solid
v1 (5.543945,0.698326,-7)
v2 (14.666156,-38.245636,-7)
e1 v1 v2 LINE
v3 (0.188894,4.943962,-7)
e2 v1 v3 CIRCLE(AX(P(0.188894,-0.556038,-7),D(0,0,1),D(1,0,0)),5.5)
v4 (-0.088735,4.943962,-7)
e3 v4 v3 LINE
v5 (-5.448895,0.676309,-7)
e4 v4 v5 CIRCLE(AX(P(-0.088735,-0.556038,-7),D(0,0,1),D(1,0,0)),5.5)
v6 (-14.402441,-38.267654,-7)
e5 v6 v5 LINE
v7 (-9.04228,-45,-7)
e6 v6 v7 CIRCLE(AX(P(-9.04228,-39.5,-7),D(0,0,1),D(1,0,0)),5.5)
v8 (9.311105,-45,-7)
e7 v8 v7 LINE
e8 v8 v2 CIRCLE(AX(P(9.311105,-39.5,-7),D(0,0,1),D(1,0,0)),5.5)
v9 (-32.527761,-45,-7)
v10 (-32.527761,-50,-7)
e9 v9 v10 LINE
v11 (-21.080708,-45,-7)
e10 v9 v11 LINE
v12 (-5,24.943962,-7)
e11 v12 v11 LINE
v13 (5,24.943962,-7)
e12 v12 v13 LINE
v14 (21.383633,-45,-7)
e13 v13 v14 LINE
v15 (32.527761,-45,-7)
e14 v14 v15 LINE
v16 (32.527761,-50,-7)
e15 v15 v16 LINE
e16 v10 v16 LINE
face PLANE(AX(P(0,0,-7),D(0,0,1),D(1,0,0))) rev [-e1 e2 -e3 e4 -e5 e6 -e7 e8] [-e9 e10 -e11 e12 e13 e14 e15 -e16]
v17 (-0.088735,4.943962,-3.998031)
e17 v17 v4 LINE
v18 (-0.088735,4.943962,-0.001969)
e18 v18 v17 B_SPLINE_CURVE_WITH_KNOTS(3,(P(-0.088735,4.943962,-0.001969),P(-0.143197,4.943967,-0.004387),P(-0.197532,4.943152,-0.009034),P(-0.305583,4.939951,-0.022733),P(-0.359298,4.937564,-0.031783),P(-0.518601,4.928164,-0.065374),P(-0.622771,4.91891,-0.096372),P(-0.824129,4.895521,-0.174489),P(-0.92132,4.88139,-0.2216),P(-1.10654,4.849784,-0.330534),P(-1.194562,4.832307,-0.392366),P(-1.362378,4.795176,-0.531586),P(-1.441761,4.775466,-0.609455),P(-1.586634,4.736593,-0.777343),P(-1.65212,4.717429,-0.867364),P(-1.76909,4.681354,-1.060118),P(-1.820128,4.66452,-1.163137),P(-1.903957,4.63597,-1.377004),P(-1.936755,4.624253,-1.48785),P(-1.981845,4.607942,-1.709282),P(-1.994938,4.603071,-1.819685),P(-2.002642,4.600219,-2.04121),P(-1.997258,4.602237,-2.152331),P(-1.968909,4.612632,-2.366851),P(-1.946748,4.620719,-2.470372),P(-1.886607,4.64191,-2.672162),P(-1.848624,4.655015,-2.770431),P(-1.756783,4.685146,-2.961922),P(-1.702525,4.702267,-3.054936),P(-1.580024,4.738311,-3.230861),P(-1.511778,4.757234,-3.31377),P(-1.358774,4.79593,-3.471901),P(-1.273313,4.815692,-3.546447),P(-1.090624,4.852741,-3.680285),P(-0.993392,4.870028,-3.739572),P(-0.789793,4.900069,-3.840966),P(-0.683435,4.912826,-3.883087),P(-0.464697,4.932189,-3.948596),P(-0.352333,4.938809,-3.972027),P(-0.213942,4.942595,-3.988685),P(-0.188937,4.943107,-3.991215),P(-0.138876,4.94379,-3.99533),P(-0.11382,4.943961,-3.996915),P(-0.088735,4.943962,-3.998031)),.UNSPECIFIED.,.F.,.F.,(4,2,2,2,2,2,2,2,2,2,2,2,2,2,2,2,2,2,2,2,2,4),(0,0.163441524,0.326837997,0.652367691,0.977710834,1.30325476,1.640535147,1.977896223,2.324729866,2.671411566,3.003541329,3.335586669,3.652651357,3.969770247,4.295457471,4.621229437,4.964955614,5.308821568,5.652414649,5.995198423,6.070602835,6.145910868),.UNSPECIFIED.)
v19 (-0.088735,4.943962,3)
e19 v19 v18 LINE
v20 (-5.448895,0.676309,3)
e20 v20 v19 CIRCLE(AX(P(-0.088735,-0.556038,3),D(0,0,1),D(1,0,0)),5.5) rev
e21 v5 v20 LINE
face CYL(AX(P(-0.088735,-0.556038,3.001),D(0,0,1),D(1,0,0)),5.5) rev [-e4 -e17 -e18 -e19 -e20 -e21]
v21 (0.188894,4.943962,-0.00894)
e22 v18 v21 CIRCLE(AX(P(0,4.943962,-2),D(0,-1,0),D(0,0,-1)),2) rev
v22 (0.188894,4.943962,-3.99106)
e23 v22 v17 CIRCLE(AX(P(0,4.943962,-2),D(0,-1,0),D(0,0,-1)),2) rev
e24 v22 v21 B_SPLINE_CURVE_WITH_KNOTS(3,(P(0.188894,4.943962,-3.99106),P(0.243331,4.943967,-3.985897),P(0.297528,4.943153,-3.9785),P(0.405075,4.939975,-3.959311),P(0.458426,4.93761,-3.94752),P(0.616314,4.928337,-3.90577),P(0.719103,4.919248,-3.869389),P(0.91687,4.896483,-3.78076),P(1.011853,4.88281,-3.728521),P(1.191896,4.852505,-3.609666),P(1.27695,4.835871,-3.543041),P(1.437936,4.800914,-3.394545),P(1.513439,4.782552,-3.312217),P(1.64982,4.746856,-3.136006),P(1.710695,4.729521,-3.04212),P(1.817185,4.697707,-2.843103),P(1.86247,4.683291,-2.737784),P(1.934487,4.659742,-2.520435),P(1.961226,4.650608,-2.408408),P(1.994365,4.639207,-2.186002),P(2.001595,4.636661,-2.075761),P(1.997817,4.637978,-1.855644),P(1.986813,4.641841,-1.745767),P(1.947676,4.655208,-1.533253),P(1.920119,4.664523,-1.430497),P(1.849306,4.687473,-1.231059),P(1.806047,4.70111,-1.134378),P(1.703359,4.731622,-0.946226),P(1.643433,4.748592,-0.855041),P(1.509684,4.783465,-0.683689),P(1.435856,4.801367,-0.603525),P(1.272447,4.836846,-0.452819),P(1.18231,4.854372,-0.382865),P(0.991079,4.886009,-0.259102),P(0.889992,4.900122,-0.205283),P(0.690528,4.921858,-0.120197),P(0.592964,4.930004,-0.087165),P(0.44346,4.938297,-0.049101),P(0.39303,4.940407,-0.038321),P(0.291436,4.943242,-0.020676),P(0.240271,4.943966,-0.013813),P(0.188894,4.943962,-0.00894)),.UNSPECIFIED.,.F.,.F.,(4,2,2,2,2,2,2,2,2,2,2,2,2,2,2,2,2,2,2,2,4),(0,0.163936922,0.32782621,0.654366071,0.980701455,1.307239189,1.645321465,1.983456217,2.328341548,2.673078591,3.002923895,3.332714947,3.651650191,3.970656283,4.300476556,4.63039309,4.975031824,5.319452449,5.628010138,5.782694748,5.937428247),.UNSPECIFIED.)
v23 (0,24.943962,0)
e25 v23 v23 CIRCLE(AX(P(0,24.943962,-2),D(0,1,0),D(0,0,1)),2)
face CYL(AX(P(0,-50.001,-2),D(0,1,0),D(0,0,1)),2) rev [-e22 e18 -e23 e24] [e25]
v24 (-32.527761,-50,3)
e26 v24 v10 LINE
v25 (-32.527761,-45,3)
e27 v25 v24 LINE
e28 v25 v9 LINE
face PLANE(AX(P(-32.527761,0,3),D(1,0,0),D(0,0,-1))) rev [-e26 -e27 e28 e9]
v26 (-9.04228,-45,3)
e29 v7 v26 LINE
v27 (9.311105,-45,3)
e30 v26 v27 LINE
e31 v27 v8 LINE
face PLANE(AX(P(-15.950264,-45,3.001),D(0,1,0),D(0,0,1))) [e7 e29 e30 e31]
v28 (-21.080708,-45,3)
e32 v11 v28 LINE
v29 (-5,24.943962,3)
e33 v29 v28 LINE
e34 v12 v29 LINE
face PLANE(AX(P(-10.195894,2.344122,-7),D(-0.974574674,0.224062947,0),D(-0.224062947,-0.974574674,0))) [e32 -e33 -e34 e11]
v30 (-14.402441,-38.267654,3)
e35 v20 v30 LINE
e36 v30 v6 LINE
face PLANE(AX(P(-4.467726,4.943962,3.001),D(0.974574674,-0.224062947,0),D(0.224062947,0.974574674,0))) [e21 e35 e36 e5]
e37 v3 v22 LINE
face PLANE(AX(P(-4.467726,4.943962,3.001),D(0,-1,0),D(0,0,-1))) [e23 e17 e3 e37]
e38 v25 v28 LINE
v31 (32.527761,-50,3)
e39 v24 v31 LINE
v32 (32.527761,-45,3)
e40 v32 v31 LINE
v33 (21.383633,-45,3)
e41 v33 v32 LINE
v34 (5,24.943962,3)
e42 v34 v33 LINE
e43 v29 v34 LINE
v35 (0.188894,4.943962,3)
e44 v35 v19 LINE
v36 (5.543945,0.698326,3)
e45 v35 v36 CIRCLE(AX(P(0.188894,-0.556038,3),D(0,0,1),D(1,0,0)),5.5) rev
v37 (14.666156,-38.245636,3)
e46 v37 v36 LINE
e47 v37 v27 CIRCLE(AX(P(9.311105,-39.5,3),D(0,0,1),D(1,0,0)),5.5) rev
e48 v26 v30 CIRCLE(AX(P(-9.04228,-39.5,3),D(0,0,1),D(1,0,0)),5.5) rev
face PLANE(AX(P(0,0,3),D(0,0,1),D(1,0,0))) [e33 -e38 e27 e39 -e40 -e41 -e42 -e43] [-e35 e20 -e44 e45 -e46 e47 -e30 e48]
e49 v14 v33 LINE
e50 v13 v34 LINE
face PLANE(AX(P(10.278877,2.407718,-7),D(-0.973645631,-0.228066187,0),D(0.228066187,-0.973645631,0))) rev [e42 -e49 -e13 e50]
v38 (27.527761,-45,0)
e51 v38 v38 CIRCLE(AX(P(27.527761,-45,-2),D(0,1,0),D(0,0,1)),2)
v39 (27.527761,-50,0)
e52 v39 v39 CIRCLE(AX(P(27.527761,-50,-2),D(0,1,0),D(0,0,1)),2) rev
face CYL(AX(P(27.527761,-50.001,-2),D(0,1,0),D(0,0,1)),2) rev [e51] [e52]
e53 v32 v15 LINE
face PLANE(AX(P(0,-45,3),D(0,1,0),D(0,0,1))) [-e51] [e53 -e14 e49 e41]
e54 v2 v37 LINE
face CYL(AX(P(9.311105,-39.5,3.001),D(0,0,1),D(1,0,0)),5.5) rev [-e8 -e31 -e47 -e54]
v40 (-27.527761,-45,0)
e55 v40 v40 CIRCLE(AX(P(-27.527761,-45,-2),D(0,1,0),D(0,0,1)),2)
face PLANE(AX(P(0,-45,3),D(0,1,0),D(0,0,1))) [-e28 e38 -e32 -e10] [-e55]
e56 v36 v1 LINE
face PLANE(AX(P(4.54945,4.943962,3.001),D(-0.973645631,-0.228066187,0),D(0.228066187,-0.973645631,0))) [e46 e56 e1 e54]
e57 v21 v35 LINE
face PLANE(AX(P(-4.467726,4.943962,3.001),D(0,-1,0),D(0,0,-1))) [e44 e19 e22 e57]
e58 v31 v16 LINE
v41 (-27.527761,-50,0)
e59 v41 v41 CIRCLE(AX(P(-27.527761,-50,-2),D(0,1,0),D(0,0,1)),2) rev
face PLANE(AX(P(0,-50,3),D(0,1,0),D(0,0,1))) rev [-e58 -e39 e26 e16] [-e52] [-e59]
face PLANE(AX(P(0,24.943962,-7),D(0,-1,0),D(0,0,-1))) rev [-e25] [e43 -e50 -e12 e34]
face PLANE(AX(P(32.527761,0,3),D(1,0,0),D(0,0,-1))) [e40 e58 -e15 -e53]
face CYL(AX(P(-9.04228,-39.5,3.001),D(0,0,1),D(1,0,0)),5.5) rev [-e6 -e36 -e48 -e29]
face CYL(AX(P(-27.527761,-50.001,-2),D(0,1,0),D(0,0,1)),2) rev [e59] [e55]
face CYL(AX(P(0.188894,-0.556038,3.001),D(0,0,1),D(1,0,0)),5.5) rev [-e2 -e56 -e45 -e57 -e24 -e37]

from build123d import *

# Parameters (mm, degrees)
BOSS_EXTRUDE1_DEPTH            = 3
BOSS_EXTRUDE1_DEPTH_BACK       = 7
BOSS_EXTRUDE2_DEPTH            = 3
BOSS_EXTRUDE2_DEPTH_BACK       = 7
SKETCH1_3_W                    = 65.055522872
SKETCH1_3_H                    = 5
CUT_EXTRUDE1_REACH             = 79.455
SKETCH2_R                      = 2
CUT_EXTRUDE2_REACH             = 62.059
CUT_EXTRUDE2_DIRECTION_2_REACH = 62.059
FILLET4_R                      = 5.5
CUT_EXTRUDE3_REACH             = 83.998
SKETCH4_R                      = 2


with BuildPart() as part:
    # Sketch1 → Boss-Extrude1 (new, two sides: drawn at the far end of the back side and taken through both)
    with BuildSketch(Plane.XY.offset(-BOSS_EXTRUDE1_DEPTH_BACK)):
        Polygon((5, 24.943962348), (-5, 24.943962348), (-21.080707518, -45), (21.383633098, -45), align=None)
    extrude(amount=BOSS_EXTRUDE1_DEPTH + BOSS_EXTRUDE1_DEPTH_BACK)

    # Sketch1<3> → Boss-Extrude2 (add, two sides: drawn at the far end of the back side and taken through both)
    with BuildSketch(Plane.XY.offset(-BOSS_EXTRUDE2_DEPTH_BACK)):
        with Locations((0, -47.5)):
            Rectangle(SKETCH1_3_W, SKETCH1_3_H)
    extrude(amount=BOSS_EXTRUDE2_DEPTH + BOSS_EXTRUDE2_DEPTH_BACK)

    # Sketch2 → Cut-Extrude1 (cut, up to next)
    with BuildSketch(Plane(origin=(0, -45, 0), x_dir=(1, 0, 0), z_dir=(0, 1, 0)), mode=Mode.PRIVATE) as cut_extrude1_sk1:
        with Locations((-27.527761436, 2)):
            Circle(SKETCH2_R)
    cut_extrude1_tool1 = extrude(cut_extrude1_sk1.sketch, amount=-CUT_EXTRUDE1_REACH, mode=Mode.PRIVATE) & part.part
    # Sketch2 → Cut-Extrude1 (cut, up to next)
    with BuildSketch(Plane(origin=(0, -45, 0), x_dir=(1, 0, 0), z_dir=(0, 1, 0)), mode=Mode.PRIVATE) as cut_extrude1_sk2:
        with Locations((27.527761436, 2)):
            Circle(SKETCH2_R)
    cut_extrude1_tool2 = extrude(cut_extrude1_sk2.sketch, amount=-CUT_EXTRUDE1_REACH, mode=Mode.PRIVATE) & part.part
    add(cut_extrude1_tool1.solids().sort_by_distance((-27.527761, -45, -2))[0], mode=Mode.SUBTRACT)
    add(cut_extrude1_tool2.solids().sort_by_distance((27.527761, -45, -2))[0], mode=Mode.SUBTRACT)

    # Sketch3 → Cut-Extrude2 (cut, up to next)
    with BuildSketch(Plane.XY, mode=Mode.PRIVATE) as cut_extrude2_sk1:
        Polygon((-4.467725682, 4.943962348), (4.549449769, 4.943962348), (16.248294489, -45), (-15.95026433, -45), align=None)
    cut_extrude2_tool1 = extrude(cut_extrude2_sk1.sketch, amount=-CUT_EXTRUDE2_REACH, mode=Mode.PRIVATE) & part.part
    add(cut_extrude2_tool1.solids().sort_by_distance((0.105077, -24.709767, 0))[0], mode=Mode.SUBTRACT)

    # Sketch3 → Cut-Extrude2 direction 2 (cut, up to next)
    with BuildSketch(Plane.XY, mode=Mode.PRIVATE) as cut_extrude2_direction_2_sk1:
        Polygon((-4.467725682, 4.943962348), (4.549449769, 4.943962348), (16.248294489, -45), (-15.95026433, -45), align=None)
    cut_extrude2_direction_2_tool1 = extrude(cut_extrude2_direction_2_sk1.sketch, amount=CUT_EXTRUDE2_DIRECTION_2_REACH, mode=Mode.PRIVATE) & part.part
    add(cut_extrude2_direction_2_tool1.solids().sort_by_distance((0.105077, -24.709767, 0))[0], mode=Mode.SUBTRACT)

    # Fillet4
    fillet4_edges = [part.edges().sort_by_distance(p)[0] for p in [
        (16.248294489, -45, -2),
        (-15.95026433, -45, -2),
        (-4.467725682, 4.943962348, -2),
        (4.549449769, 4.943962348, -2),
    ]]
    fillet(fillet4_edges, radius=FILLET4_R)

    # Sketch4 → Cut-Extrude3 (cut, up to next)
    with BuildSketch(Plane(origin=(0, 24.943962348, 0), x_dir=(1, 0, 0), z_dir=(0, 1, 0)), mode=Mode.PRIVATE) as cut_extrude3_sk1:
        with Locations((0, 2)):
            Circle(SKETCH4_R)
    cut_extrude3_tool1 = extrude(cut_extrude3_sk1.sketch, amount=-CUT_EXTRUDE3_REACH, mode=Mode.PRIVATE) & part.part
    add(cut_extrude3_tool1.solids().sort_by_distance((0, 24.943962, -2))[0], mode=Mode.SUBTRACT)


solid = part.part
